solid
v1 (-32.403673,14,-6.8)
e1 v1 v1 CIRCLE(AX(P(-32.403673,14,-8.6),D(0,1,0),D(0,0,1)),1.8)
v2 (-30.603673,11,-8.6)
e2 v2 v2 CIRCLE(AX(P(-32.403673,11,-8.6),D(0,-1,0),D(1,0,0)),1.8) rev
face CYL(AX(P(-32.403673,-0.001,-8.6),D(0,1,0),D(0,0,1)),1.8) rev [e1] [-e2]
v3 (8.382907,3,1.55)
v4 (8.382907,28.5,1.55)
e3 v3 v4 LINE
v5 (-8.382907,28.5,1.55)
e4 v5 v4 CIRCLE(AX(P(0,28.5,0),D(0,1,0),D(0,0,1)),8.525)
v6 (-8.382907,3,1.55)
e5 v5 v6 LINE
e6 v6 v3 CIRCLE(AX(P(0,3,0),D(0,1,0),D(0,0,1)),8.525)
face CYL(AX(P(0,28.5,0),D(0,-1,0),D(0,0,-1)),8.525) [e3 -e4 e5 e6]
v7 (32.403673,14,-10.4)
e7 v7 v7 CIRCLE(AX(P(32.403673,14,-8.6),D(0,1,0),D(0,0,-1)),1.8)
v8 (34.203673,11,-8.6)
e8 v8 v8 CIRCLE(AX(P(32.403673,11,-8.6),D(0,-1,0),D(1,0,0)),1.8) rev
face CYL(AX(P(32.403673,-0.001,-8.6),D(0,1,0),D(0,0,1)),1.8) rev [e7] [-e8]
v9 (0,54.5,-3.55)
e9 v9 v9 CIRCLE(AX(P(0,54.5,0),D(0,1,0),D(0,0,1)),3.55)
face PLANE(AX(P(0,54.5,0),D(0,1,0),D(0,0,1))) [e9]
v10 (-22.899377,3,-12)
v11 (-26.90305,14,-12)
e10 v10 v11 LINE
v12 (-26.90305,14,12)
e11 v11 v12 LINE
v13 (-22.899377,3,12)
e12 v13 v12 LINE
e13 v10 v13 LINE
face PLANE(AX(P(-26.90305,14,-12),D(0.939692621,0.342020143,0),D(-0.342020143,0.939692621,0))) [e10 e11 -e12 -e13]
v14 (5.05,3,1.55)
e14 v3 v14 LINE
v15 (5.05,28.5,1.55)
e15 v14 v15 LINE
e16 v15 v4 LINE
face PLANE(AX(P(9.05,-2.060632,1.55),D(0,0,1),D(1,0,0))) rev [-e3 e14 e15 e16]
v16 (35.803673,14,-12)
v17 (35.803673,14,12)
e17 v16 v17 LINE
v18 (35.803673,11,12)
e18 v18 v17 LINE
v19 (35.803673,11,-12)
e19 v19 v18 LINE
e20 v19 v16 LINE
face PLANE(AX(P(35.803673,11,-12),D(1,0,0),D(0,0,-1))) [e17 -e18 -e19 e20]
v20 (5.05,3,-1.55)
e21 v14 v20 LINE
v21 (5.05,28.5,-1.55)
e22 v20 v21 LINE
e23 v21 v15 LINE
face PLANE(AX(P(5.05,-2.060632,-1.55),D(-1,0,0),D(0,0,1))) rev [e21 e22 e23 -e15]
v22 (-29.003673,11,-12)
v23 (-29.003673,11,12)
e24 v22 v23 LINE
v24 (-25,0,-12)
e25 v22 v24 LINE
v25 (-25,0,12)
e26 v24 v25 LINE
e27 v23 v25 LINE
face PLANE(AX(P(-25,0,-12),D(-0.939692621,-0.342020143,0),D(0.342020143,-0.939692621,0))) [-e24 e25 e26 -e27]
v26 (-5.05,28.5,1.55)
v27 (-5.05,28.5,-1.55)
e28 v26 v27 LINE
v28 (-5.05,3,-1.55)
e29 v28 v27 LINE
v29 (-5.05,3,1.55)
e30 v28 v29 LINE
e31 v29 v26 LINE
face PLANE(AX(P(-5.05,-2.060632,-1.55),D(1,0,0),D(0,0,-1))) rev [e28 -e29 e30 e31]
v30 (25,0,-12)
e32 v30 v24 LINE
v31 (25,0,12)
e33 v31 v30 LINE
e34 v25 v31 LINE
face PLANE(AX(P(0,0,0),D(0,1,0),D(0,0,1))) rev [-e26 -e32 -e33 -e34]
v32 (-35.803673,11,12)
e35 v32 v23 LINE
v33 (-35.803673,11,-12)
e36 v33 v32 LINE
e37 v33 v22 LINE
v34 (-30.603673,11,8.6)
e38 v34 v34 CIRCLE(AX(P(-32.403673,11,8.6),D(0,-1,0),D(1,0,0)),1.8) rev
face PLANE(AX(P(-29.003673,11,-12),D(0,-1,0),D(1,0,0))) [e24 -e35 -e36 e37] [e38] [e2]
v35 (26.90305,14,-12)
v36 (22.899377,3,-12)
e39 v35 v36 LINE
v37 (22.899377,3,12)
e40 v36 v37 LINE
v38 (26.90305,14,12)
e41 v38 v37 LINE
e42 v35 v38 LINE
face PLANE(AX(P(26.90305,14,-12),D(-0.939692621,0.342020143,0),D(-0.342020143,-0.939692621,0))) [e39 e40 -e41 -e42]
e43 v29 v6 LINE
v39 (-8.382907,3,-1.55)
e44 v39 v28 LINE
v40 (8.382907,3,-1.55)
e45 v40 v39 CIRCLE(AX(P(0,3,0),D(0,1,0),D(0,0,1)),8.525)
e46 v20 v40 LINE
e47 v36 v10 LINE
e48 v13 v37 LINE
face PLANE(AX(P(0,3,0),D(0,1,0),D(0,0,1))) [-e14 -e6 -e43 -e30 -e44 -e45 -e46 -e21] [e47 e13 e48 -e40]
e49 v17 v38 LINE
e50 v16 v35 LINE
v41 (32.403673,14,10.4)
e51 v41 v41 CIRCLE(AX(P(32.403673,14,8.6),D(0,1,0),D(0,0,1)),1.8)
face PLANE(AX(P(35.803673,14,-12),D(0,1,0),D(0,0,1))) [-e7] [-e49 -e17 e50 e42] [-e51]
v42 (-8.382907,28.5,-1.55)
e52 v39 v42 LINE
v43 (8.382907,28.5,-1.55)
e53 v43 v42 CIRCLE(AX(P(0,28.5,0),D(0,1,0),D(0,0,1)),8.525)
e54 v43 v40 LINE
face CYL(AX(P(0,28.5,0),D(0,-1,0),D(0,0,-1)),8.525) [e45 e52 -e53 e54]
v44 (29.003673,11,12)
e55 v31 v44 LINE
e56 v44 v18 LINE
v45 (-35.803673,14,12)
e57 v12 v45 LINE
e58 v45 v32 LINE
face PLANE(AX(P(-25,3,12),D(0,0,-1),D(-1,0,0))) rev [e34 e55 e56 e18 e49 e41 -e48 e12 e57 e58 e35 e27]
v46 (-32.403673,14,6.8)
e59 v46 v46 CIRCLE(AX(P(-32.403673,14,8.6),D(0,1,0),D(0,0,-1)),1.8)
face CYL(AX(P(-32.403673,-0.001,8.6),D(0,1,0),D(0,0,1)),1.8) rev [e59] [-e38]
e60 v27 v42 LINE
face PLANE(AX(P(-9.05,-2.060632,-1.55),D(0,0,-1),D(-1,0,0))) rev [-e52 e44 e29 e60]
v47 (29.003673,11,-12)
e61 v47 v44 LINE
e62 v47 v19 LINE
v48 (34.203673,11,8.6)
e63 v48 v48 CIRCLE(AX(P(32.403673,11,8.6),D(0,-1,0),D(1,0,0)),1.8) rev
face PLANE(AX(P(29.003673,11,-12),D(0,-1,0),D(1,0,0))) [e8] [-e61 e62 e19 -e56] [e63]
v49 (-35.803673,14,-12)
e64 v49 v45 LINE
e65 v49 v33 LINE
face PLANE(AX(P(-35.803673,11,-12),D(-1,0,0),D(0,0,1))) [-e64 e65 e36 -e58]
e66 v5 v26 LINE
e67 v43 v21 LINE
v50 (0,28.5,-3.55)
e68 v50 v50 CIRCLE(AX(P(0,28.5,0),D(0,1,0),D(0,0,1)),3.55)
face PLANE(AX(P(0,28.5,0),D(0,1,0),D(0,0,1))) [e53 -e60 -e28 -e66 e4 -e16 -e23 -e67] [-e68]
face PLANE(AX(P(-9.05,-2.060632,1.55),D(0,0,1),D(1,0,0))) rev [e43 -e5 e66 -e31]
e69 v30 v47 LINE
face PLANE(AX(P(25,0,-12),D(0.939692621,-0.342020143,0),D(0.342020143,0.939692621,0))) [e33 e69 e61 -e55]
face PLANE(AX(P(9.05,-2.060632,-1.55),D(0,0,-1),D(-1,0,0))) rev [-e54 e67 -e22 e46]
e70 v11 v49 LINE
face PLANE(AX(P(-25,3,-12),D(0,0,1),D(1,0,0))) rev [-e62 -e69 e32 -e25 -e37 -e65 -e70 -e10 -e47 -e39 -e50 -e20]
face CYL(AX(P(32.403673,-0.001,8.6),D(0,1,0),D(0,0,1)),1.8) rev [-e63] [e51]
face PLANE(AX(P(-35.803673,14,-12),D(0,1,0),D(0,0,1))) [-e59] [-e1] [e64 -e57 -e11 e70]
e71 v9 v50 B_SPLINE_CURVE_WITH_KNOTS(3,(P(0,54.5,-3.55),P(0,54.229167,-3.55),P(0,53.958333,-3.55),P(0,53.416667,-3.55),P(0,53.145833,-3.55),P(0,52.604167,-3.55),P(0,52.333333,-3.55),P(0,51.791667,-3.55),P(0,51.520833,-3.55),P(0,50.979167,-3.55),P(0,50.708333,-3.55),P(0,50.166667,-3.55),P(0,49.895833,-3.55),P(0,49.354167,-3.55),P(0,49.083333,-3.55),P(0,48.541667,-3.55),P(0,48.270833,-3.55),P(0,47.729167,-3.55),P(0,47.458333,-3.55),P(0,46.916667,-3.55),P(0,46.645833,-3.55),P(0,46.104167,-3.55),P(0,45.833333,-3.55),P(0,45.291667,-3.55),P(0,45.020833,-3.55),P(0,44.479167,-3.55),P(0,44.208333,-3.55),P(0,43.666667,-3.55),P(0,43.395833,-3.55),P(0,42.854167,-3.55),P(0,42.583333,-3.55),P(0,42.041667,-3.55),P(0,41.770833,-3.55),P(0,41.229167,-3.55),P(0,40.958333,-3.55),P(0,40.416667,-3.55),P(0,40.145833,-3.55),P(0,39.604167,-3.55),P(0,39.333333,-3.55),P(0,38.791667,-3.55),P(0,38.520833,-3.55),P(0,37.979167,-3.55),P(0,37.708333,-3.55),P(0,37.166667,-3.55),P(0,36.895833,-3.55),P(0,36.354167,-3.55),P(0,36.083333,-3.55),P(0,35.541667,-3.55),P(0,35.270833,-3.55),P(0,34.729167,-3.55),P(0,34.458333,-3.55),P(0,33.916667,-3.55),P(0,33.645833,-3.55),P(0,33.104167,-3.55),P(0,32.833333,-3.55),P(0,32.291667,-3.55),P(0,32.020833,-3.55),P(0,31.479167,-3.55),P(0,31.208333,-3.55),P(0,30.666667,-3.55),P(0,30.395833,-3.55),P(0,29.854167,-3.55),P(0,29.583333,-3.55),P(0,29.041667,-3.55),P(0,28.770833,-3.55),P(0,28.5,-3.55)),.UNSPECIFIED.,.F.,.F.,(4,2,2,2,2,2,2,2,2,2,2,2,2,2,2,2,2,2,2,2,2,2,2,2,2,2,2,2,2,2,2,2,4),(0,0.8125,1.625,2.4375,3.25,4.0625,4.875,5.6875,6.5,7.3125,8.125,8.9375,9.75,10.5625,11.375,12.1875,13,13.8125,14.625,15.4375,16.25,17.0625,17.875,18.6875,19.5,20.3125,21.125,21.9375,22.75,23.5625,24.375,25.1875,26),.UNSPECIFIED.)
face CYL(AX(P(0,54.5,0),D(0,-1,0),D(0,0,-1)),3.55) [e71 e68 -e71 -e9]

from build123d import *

# Parameters (mm, degrees)
SKETCH1_W           = 50
SKETCH1_H           = 24
BOSS_EXTRUDE1_DEPTH = 3
BOSS_EXTRUDE2_DEPTH = 24
SKETCH3_R           = 8.525
BOSS_EXTRUDE3_DEPTH = 25.5
SKETCH4_R           = 3.55
BOSS_EXTRUDE4_DEPTH = 26
SKETCH5_W           = 4
SKETCH5_H           = 3.1
CUT_EXTRUDE1_DEPTH  = 25.5
CUT_EXTRUDE2_REACH  = 57.373
SKETCH6_R           = 1.8


with BuildPart() as part:
    # Sketch1 → Boss-Extrude1 (new body)
    with BuildSketch(Plane(origin=(0, 0, 0), x_dir=(1, 0, 0), z_dir=(0, 1, 0))):
        Rectangle(SKETCH1_W, SKETCH1_H)
    extrude(amount=BOSS_EXTRUDE1_DEPTH)

    # Sketch2 → Boss-Extrude2 (add)
    with BuildSketch(Plane.XY.offset(12)):
        Polygon((-25, 0), (-29.003672577, 11), (-35.803672577, 11), (-35.803672577, 14), (-26.903049962, 14), (-22.899377385, 3), align=None)
        Polygon((25, 0), (29.003672577, 11), (35.803672577, 11), (35.803672577, 14), (26.903049962, 14), (22.899377385, 3), align=None)
    extrude(amount=-BOSS_EXTRUDE2_DEPTH)

    # Sketch3 → Boss-Extrude3 (add)
    with BuildSketch(Plane(origin=(0, 3, 0), x_dir=(1, 0, 0), z_dir=(0, 1, 0))):
        with Locations(Location((0, 0, 0), (0, 0, 270))):
            Circle(SKETCH3_R)
    extrude(amount=BOSS_EXTRUDE3_DEPTH)

    # Sketch4 → Boss-Extrude4 (add)
    with BuildSketch(Plane(origin=(0, 28.5, 0), x_dir=(1, 0, 0), z_dir=(0, 1, 0))):
        with Locations(Location((0, 0, 0), (0, 0, 90))):
            Circle(SKETCH4_R)
    extrude(amount=BOSS_EXTRUDE4_DEPTH)

    # Sketch5 → Cut-Extrude1 (cut)
    with BuildSketch(Plane(origin=(0, 28.5, 0), x_dir=(1, 0, 0), z_dir=(0, 1, 0))):
        with Locations((-7.05, 0)):
            Rectangle(SKETCH5_W, SKETCH5_H)
        with Locations((7.05, 0)):
            Rectangle(SKETCH5_W, SKETCH5_H)
    extrude(amount=-CUT_EXTRUDE1_DEPTH, mode=Mode.SUBTRACT)

    # Sketch6 → Cut-Extrude2 (cut, up to next)
    with BuildSketch(Plane(origin=(0, 14, 0), x_dir=(1, 0, 0), z_dir=(0, 1, 0)), mode=Mode.PRIVATE) as cut_extrude2_sk1:
        with Locations(Location((-32.403672577, 8.6, 0), (0, 0, 270))):
            Circle(SKETCH6_R)
    cut_extrude2_tool1 = extrude(cut_extrude2_sk1.sketch, amount=-CUT_EXTRUDE2_REACH, mode=Mode.PRIVATE) & part.part
    # Sketch6 → Cut-Extrude2 (cut, up to next)
    with BuildSketch(Plane(origin=(0, 14, 0), x_dir=(1, 0, 0), z_dir=(0, 1, 0)), mode=Mode.PRIVATE) as cut_extrude2_sk2:
        with Locations((-32.403672577, -8.6)):
            Circle(SKETCH6_R)
    cut_extrude2_tool2 = extrude(cut_extrude2_sk2.sketch, amount=-CUT_EXTRUDE2_REACH, mode=Mode.PRIVATE) & part.part
    # Sketch6 → Cut-Extrude2 (cut, up to next)
    with BuildSketch(Plane(origin=(0, 14, 0), x_dir=(1, 0, 0), z_dir=(0, 1, 0)), mode=Mode.PRIVATE) as cut_extrude2_sk3:
        with Locations(Location((32.403672577, -8.6, 0), (0, 0, 270))):
            Circle(SKETCH6_R)
    cut_extrude2_tool3 = extrude(cut_extrude2_sk3.sketch, amount=-CUT_EXTRUDE2_REACH, mode=Mode.PRIVATE) & part.part
    # Sketch6 → Cut-Extrude2 (cut, up to next)
    with BuildSketch(Plane(origin=(0, 14, 0), x_dir=(1, 0, 0), z_dir=(0, 1, 0)), mode=Mode.PRIVATE) as cut_extrude2_sk4:
        with Locations((32.403672577, 8.6)):
            Circle(SKETCH6_R)
    cut_extrude2_tool4 = extrude(cut_extrude2_sk4.sketch, amount=-CUT_EXTRUDE2_REACH, mode=Mode.PRIVATE) & part.part
    add(cut_extrude2_tool1.solids().sort_by_distance((-32.403673, 14, -8.6))[0], mode=Mode.SUBTRACT)
    add(cut_extrude2_tool2.solids().sort_by_distance((-32.403673, 14, 8.6))[0], mode=Mode.SUBTRACT)
    add(cut_extrude2_tool3.solids().sort_by_distance((32.403673, 14, 8.6))[0], mode=Mode.SUBTRACT)
    add(cut_extrude2_tool4.solids().sort_by_distance((32.403673, 14, -8.6))[0], mode=Mode.SUBTRACT)


solid = part.part
